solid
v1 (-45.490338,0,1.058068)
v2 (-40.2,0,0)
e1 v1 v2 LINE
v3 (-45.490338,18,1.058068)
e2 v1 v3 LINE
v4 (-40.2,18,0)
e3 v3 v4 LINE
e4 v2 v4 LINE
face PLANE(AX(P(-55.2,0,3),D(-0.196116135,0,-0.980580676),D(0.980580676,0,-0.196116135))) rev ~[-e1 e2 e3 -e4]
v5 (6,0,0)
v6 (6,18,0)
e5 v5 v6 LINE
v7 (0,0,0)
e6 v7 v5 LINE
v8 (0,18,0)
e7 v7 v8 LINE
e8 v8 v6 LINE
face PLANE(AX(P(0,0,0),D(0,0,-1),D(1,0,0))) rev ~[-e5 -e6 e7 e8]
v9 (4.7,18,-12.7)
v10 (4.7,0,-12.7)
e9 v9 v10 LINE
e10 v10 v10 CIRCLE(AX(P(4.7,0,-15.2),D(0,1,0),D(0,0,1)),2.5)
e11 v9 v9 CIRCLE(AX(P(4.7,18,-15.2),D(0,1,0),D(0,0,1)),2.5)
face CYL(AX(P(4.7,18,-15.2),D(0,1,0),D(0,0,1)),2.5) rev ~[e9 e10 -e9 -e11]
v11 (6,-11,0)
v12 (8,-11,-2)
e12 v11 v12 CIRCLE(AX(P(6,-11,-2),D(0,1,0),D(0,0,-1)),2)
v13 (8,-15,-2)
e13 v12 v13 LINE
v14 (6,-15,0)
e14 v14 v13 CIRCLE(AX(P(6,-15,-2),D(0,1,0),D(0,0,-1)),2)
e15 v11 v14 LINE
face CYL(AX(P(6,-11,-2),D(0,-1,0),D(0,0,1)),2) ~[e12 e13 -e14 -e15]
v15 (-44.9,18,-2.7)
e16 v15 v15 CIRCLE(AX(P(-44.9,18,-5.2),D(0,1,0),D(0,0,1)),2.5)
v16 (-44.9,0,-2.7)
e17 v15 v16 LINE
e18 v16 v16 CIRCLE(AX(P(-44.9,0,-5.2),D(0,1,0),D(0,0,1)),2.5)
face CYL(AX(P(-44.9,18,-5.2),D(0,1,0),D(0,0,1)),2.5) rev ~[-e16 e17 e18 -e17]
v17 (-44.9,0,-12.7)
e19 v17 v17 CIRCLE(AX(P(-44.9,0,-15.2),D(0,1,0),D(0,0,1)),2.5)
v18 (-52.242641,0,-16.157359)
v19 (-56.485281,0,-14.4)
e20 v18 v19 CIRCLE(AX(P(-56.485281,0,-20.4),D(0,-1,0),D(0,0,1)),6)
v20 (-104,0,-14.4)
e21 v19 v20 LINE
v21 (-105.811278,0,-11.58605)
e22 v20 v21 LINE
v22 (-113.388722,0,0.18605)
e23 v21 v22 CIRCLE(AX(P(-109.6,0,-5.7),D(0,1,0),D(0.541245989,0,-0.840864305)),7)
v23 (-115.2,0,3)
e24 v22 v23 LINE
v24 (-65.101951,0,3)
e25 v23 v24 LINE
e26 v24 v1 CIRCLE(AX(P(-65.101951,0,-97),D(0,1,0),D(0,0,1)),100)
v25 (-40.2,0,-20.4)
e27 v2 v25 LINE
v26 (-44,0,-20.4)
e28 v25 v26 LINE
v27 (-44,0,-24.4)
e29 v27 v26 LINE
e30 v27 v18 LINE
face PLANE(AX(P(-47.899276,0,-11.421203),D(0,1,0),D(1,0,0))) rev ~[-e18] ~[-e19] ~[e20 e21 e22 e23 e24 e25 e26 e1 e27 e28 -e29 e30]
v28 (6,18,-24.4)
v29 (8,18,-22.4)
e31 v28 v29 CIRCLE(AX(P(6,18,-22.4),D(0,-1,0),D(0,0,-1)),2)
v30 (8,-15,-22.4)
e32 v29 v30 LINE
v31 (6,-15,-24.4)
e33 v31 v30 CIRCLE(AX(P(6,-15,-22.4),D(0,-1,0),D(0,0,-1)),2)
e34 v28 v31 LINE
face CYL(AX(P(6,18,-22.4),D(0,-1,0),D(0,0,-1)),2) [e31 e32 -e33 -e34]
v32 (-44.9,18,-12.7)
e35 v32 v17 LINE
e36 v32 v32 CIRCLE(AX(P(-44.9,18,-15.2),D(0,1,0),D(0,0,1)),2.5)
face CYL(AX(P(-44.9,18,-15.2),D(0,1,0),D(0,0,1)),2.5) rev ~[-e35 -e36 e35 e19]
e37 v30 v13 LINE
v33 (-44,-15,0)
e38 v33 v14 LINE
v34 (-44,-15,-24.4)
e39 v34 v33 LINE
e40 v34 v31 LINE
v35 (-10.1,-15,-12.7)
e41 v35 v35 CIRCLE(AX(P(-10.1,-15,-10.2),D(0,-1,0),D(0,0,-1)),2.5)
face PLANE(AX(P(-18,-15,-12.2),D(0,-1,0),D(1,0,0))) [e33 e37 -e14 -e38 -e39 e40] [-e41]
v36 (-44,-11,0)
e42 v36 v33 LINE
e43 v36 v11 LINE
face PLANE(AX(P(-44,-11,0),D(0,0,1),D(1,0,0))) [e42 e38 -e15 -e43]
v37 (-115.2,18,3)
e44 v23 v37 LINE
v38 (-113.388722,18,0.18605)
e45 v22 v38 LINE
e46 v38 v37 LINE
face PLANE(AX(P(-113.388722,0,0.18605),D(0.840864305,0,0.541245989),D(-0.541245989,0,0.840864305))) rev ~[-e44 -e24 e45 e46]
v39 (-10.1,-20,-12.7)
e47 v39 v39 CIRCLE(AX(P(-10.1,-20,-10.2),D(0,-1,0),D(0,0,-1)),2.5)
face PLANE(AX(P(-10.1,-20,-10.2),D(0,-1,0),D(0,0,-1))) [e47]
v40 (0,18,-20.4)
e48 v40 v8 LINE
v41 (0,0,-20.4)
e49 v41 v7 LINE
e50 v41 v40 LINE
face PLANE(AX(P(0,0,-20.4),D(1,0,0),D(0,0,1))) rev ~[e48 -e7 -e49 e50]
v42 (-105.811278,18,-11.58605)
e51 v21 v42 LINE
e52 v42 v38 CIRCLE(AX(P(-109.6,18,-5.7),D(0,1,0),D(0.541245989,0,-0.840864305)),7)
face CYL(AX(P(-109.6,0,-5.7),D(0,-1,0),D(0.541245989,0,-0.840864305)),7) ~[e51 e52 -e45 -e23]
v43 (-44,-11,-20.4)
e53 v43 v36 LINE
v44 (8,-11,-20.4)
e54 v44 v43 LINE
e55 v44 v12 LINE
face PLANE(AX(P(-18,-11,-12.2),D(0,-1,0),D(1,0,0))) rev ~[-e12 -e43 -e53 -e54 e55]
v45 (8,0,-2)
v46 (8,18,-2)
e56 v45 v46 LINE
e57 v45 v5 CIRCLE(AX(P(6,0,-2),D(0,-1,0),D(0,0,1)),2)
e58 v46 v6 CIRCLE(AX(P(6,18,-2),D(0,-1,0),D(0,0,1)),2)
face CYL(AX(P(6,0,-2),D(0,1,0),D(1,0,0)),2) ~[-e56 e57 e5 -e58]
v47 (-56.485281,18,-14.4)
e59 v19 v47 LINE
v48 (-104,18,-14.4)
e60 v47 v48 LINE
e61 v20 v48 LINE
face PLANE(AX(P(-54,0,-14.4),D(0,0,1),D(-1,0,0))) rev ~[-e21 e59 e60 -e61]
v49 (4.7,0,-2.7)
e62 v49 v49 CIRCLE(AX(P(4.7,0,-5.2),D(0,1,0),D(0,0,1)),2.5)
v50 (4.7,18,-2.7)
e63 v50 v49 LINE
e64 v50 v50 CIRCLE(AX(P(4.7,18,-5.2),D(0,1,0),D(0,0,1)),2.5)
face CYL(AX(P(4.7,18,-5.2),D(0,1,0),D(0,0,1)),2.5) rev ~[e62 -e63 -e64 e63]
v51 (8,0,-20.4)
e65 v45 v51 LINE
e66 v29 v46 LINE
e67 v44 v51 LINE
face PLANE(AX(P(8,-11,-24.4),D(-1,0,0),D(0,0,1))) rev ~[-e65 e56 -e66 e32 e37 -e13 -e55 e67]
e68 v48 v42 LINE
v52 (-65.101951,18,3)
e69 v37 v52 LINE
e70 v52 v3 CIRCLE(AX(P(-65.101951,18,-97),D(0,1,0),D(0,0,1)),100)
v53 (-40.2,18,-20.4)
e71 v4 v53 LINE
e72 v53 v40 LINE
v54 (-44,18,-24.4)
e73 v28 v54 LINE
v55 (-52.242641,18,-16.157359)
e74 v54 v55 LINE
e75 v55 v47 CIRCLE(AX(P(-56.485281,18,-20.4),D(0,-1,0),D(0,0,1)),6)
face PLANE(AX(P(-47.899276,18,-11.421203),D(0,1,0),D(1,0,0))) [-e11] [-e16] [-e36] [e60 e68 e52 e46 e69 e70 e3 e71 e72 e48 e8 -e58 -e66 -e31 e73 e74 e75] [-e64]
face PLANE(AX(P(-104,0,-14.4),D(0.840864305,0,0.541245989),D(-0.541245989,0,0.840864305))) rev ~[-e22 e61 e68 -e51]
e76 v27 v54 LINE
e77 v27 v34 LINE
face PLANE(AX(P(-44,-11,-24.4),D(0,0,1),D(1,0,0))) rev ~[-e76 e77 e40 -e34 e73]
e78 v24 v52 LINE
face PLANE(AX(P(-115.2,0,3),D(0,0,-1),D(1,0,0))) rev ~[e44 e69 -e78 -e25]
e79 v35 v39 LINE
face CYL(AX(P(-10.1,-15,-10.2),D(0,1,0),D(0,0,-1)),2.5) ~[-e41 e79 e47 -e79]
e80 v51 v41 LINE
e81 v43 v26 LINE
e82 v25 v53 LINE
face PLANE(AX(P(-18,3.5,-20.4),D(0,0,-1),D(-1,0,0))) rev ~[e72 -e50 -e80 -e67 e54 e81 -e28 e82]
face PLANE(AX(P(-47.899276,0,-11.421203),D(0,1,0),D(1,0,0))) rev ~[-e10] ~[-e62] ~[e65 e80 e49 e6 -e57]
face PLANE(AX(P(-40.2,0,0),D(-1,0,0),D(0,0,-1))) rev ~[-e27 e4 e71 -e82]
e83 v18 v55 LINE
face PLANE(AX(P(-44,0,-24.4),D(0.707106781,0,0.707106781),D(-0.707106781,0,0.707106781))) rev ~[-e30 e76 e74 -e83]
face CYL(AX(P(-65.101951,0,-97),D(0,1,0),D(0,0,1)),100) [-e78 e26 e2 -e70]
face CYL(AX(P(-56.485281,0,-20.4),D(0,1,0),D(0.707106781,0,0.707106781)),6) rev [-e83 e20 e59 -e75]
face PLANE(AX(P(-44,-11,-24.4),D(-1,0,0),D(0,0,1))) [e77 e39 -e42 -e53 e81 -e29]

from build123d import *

# Parameters (mm, degrees)
BOSS_EXTRUDE1_DEPTH = 18
SKETCH2_W           = 52
SKETCH2_H           = 29
BOSS_EXTRUDE2_DEPTH = 4
SKETCH3_W           = 52
SKETCH3_H           = 24.4
BOSS_EXTRUDE3_DEPTH = 4
SKETCH4_R           = 2.5
BOSS_EXTRUDE4_DEPTH = 5
SKETCH5_R           = 2.5
CUT_EXTRUDE1_DEPTH  = 18
FILLET2_R           = 6
FILLET4_R           = 2
FILLET5_R           = 100


with BuildPart() as part:
    # Sketch1 → Boss-Extrude1 (new body)
    with BuildSketch(Plane(origin=(0, 0, 0), x_dir=(1, 0, 0), z_dir=(0, 1, 0))):
        with BuildLine():
            Line((-40.2, 0), (-40.2, 20.4))
            Line((-40.2, 20.4), (0, 20.4))
            Line((0, 20.4), (0, 0))
            Line((0, 0), (8, 0))
            Line((8, 0), (8, 24.4))
            Line((8, 24.4), (-44, 24.4))
            Line((-44, 24.4), (-54, 14.4))
            Line((-54, 14.4), (-104, 14.4))
            Line((-104, 14.4), (-105.811278075, 11.586050134))
            ThreePointArc((-105.811278075, 11.586050134), (-115.486050134, 9.488721925), (-113.388721925, -0.186050134))
            Line((-113.388721925, -0.186050134), (-115.2, -3))
            Line((-115.2, -3), (-55.2, -3))
            Line((-55.2, -3), (-40.2, 0))
        make_face()
    extrude(amount=BOSS_EXTRUDE1_DEPTH)

    # Sketch2 → Boss-Extrude2 (add)
    with BuildSketch(Plane(origin=(0, 0, -24.4), x_dir=(-1, 0, 0), z_dir=(0, 0, -1))):
        with Locations((18, 3.5)):
            Rectangle(SKETCH2_W, SKETCH2_H)
    extrude(amount=-BOSS_EXTRUDE2_DEPTH)

    # Sketch3 → Boss-Extrude3 (add)
    with BuildSketch(Plane.XZ.offset(11)):
        with Locations((-18, -12.2)):
            Rectangle(SKETCH3_W, SKETCH3_H)
    extrude(amount=BOSS_EXTRUDE3_DEPTH)

    # Sketch4 → Boss-Extrude4 (add)
    with BuildSketch(Plane.XZ.offset(15)):
        with Locations(Location((-10.1, -10.2, 0), (0, 0, 270))):
            Circle(SKETCH4_R)
    extrude(amount=BOSS_EXTRUDE4_DEPTH)

    # Sketch5 → Cut-Extrude1 (cut)
    with BuildSketch(Plane(origin=(0, 18, 0), x_dir=(1, 0, 0), z_dir=(0, 1, 0))):
        with Locations(Location((4.7, 15.2, 0), (0, 0, 270))):
            Circle(SKETCH5_R)
        with Locations(Location((4.7, 5.2, 0), (0, 0, 270))):
            Circle(SKETCH5_R)
        with Locations(Location((-44.9, 5.2, 0), (0, 0, 270))):
            Circle(SKETCH5_R)
        with Locations(Location((-44.9, 15.2, 0), (0, 0, 270))):
            Circle(SKETCH5_R)
    extrude(amount=-CUT_EXTRUDE1_DEPTH, mode=Mode.SUBTRACT)

    # Fillet2
    fillet2_edges = [part.edges().sort_by_distance(p)[0] for p in [
        (-54, 9, -14.4),
    ]]
    fillet(fillet2_edges, radius=FILLET2_R)

    # Fillet4
    fillet4_edges = [part.edges().sort_by_distance(p)[0] for p in [
        (8, 1.5, -24.4),
        (8, 9, 0),
        (8, -13, 0),
    ]]
    fillet(fillet4_edges, radius=FILLET4_R)

    # Fillet5
    fillet5_edges = [part.edges().sort_by_distance(p)[0] for p in [
        (-55.2, 9, 3),
    ]]
    fillet(fillet5_edges, radius=FILLET5_R)


solid = part.part
